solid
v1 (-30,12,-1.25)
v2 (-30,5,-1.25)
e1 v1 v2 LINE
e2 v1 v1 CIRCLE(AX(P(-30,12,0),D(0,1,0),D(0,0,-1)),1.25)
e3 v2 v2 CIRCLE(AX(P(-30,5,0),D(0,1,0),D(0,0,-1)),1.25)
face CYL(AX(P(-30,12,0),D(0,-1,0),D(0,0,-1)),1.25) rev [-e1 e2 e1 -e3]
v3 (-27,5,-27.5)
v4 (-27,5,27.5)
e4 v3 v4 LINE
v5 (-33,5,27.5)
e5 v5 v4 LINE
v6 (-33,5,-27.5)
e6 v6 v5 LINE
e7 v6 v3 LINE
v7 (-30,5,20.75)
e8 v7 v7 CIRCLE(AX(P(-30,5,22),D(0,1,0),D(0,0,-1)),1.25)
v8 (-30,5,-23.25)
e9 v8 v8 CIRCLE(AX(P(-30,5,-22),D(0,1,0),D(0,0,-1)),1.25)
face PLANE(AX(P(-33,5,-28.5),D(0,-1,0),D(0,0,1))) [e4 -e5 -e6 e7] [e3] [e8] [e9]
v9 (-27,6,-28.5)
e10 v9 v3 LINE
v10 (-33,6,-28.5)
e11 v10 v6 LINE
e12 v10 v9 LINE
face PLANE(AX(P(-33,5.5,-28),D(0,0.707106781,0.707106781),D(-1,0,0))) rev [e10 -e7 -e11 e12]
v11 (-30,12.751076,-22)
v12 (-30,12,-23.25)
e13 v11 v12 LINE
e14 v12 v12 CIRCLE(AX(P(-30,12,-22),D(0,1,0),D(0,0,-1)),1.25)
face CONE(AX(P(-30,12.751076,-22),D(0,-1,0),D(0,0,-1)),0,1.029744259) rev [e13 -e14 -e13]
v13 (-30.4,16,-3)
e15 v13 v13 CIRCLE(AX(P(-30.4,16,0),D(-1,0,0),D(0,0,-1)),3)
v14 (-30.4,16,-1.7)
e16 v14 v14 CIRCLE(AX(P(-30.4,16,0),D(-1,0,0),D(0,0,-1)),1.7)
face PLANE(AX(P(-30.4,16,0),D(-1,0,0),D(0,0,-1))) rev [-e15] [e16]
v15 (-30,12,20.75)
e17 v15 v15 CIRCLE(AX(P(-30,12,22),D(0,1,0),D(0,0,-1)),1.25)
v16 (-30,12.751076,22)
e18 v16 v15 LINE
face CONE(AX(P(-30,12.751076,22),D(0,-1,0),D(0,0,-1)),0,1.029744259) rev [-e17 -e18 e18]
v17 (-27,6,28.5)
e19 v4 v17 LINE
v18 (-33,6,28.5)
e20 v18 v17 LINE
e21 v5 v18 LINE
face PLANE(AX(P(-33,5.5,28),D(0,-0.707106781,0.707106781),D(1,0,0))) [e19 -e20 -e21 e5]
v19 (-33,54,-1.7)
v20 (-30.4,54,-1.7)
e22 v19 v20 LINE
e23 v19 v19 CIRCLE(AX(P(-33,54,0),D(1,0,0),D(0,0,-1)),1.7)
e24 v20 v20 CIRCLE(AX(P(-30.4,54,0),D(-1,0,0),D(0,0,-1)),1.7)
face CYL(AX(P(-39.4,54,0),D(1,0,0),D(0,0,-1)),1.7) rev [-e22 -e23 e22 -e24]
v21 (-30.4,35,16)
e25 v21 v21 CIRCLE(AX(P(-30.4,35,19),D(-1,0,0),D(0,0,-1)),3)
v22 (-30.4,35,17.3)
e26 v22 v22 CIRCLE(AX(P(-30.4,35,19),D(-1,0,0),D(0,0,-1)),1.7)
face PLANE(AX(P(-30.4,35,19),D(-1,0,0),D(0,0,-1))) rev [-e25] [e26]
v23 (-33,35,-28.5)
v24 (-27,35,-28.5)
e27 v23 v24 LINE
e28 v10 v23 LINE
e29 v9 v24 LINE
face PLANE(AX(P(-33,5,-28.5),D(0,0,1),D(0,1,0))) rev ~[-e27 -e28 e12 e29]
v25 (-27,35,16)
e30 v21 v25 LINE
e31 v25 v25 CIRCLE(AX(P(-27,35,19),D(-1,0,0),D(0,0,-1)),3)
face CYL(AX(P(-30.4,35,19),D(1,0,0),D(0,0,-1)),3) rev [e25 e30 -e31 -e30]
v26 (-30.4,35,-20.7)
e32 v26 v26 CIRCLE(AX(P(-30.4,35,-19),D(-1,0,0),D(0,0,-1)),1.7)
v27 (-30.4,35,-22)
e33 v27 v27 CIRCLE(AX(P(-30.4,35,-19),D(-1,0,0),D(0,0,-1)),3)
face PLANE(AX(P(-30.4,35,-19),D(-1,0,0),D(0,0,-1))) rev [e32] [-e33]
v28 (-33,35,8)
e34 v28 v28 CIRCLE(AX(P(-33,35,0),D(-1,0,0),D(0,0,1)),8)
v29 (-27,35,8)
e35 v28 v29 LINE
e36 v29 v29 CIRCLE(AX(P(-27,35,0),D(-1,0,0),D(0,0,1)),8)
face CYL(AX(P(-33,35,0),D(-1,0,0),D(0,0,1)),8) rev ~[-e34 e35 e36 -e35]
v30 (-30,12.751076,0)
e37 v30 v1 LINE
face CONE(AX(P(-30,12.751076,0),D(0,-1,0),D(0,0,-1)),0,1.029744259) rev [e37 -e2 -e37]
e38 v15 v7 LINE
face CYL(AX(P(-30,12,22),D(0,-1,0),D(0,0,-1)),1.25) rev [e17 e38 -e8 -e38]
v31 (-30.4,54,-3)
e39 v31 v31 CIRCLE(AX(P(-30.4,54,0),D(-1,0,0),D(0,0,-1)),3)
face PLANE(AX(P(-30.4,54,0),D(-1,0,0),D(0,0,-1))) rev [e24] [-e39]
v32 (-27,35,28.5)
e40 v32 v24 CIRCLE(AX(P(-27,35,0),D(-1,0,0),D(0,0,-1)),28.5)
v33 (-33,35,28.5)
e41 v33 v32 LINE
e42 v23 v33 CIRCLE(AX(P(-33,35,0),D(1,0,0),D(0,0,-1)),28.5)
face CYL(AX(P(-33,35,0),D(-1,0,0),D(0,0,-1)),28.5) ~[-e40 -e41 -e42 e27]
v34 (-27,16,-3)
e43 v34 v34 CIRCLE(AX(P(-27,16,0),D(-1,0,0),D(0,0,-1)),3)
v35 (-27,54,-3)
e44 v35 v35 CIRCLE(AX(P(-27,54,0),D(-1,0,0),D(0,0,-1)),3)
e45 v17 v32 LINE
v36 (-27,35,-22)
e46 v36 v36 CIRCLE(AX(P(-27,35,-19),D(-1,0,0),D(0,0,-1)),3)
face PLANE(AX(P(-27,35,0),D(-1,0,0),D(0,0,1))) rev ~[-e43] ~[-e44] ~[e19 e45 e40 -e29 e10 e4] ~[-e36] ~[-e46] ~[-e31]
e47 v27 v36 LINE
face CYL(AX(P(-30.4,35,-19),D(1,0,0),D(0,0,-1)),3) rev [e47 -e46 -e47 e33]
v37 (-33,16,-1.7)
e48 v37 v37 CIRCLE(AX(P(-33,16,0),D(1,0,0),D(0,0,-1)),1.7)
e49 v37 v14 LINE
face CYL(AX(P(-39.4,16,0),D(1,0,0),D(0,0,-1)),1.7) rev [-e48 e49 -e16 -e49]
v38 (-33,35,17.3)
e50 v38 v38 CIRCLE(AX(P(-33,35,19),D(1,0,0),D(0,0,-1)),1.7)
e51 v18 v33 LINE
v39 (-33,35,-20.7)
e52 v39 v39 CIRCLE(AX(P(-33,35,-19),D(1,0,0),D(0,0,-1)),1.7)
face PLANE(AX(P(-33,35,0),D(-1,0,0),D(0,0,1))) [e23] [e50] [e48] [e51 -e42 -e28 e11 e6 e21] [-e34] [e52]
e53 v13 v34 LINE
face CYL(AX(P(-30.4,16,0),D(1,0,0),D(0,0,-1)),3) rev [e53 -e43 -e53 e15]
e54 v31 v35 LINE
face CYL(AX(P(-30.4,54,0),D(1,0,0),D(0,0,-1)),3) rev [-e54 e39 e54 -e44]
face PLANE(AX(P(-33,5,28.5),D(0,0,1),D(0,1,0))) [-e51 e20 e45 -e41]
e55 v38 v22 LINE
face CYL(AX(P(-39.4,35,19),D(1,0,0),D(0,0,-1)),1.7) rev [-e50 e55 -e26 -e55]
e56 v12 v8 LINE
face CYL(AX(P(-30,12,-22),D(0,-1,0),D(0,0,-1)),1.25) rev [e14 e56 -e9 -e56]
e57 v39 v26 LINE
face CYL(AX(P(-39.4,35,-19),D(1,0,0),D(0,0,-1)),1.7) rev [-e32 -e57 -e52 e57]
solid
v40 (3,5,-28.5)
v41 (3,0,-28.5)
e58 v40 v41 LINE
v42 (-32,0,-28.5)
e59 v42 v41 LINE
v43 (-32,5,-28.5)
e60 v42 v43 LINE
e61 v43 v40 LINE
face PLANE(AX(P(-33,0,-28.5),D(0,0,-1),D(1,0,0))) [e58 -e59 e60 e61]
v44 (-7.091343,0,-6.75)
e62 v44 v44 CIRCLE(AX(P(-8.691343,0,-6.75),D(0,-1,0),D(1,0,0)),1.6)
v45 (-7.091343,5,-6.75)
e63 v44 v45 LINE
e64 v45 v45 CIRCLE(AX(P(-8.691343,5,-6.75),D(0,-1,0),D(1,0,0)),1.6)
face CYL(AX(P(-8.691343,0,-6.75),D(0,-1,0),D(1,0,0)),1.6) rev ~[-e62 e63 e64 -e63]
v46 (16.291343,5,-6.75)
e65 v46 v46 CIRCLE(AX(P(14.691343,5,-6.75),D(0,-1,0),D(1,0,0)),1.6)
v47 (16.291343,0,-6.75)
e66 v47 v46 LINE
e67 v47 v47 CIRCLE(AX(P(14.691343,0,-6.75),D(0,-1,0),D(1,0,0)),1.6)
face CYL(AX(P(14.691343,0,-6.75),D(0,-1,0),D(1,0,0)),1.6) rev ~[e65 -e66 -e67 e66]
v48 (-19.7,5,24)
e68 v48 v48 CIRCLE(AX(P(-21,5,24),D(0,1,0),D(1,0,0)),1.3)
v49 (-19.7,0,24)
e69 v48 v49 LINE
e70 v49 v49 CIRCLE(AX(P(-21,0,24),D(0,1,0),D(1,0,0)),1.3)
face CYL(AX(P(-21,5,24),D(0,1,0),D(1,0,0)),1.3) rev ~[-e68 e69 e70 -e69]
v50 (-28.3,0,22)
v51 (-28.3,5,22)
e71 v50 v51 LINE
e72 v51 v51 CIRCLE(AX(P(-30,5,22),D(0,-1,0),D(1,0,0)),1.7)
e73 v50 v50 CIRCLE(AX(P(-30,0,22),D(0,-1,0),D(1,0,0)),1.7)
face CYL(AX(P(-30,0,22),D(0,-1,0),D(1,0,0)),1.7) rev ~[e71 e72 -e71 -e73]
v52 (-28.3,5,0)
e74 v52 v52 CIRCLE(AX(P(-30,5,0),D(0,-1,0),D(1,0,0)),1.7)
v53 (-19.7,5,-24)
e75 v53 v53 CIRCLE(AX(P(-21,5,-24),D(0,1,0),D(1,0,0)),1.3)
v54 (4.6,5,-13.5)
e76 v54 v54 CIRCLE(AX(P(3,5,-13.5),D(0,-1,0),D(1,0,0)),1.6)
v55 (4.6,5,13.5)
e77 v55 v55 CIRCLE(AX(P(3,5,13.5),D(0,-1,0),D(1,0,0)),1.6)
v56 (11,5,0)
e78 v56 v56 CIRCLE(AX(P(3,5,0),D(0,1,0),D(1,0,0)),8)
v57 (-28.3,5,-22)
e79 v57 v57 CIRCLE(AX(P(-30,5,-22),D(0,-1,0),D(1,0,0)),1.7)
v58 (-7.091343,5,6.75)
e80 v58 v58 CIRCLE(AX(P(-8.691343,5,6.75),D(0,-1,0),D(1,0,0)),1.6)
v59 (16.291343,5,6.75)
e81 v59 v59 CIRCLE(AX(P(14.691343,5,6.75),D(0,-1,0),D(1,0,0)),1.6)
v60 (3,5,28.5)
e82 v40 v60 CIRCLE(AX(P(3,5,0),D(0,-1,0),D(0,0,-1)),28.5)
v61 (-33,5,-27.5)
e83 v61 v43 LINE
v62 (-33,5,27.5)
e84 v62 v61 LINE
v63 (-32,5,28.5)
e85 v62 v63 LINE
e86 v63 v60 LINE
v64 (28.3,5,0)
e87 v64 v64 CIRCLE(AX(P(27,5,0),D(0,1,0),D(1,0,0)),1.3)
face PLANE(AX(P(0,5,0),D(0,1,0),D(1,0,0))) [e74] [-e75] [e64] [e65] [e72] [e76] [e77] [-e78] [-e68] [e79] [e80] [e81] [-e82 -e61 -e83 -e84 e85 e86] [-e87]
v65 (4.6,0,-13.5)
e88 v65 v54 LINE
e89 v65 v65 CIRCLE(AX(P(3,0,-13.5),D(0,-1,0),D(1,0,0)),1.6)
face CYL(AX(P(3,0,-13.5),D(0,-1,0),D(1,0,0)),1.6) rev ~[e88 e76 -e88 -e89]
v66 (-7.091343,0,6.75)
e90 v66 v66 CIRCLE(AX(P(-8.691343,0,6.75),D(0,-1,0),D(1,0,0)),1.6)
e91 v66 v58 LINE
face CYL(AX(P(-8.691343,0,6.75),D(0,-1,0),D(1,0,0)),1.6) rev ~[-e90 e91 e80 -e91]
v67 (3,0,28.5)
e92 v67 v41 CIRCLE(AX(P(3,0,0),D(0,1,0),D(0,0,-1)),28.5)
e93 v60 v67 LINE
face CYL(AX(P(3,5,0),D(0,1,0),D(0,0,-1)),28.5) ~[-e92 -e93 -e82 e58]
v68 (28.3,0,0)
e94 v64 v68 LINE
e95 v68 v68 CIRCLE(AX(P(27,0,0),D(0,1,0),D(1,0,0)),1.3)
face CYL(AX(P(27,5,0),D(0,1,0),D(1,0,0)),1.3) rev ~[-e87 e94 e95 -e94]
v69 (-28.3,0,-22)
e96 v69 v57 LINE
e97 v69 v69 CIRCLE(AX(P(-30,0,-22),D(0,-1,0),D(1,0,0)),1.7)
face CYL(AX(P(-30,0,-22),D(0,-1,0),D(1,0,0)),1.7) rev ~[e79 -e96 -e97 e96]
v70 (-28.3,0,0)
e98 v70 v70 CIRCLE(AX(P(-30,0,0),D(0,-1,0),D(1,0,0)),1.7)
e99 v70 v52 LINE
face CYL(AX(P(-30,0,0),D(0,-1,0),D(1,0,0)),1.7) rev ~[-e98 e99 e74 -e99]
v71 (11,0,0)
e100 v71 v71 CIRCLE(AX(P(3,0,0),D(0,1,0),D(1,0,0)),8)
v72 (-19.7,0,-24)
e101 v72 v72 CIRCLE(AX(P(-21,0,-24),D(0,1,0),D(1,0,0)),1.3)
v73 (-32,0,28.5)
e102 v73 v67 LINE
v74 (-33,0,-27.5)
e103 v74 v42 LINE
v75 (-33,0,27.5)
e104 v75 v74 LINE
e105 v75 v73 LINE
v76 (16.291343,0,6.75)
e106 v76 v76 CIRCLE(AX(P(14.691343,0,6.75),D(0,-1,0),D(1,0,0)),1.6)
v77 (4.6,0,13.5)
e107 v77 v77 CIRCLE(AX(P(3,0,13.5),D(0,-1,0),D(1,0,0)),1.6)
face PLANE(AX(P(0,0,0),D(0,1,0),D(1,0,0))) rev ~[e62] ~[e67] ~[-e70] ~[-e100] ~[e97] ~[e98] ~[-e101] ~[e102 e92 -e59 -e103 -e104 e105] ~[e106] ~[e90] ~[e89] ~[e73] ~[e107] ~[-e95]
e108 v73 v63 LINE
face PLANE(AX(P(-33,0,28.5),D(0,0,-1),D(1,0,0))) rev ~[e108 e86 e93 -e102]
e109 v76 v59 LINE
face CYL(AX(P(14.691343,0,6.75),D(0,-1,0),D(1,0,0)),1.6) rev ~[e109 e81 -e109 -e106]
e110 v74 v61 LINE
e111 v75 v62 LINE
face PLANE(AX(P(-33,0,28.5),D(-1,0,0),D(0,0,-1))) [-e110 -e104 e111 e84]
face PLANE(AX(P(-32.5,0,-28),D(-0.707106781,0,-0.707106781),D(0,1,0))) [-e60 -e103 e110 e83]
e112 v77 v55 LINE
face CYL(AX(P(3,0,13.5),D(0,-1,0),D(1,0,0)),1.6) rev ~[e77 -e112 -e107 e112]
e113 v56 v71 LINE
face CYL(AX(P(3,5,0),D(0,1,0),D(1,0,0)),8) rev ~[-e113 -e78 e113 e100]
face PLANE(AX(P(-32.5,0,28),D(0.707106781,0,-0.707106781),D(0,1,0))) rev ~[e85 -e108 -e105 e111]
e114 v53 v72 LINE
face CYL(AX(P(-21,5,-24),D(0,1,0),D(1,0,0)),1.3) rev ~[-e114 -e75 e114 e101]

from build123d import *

# Parameters (mm, degrees)
SKETCH_1_W                    = 66
SKETCH_1_H                    = 57
EXTRUDE_1_DEPTH               = 5
SKETCH_12_W                   = 57
SKETCH_12_H                   = 60
EXTRUDE_2_DEPTH               = 6
SKETCH_13_R                   = 8
CUT_EXTRUDE_2_DEPTH           = 6
SKETCH_14_R                   = 8
CUT_EXTRUDE_3_DEPTH           = 6
CUT_EXTRUDE_4_DEPTH           = 10
SKETCH_16_R                   = 1.6
CUT_EXTRUDE_5_DEPTH           = 10
SKETCH_18_R                   = 1.7
CUT_EXTRUDE_6_DEPTH           = 5
CHAMFER_1_SIZE                = 1
SKETCH_22_R                   = 1.6
CUT_EXTRUDE_7_DEPTH           = 59.5
CUT_EXTRUDE_7_DEPTH_BACK      = 6
HOLE_WIZARD_M3_1_AT_2_COUNT   = 2
HOLE_WIZARD_M3_1_AT_2_PITCH   = 26.870057685
HOLE_WIZARD_M3_1_AT_3_COUNT   = 2
HOLE_WIZARD_M3_1_AT_3_PITCH   = 38
HOLE_WIZARD_M3_1_AT_4_COUNT   = 2
HOLE_WIZARD_M3_1_AT_4_PITCH   = 26.870057685
HOLE_WIZARD_M3_1_2_AT_2_COUNT = 2
HOLE_WIZARD_M3_1_2_AT_2_PITCH = 22
HOLE_WIZARD_M3_1_2_AT_3_COUNT = 2
HOLE_WIZARD_M3_1_2_AT_3_PITCH = 44
SKETCH_26_R                   = 1.3
CUT_EXTRUDE_8_DEPTH           = 6
CHAMFER_2_SIZE                = 1


with BuildPart() as part:
    # 草图1 → 凸台-拉伸1 (new body)
    with BuildSketch(Plane(origin=(0, 0, 0), x_dir=(1, 0, 0), z_dir=(0, 1, 0))):
        Rectangle(SKETCH_1_W, SKETCH_1_H)
    extrude(amount=EXTRUDE_1_DEPTH)

    # 草图13 → 切除-拉伸2 (cut)
    with BuildSketch(Plane(origin=(0, 5, 0), x_dir=(1, 0, 0), z_dir=(0, 1, 0))):
        with Locations((3, 0)):
            Circle(SKETCH_13_R)
        with BuildLine():
            Line((3, -28.5), (33, -28.5))
            Line((33, -28.5), (33, 28.5))
            Line((33, 28.5), (3, 28.5))
            ThreePointArc((3, 28.5), (31.5, 0), (3, -28.5))
        make_face()
    extrude(amount=-CUT_EXTRUDE_2_DEPTH, mode=Mode.SUBTRACT)

    # 草图16 → 切除-拉伸5 (cut)
    with BuildSketch(Plane.XZ):
        with Locations((3, 13.5)):
            Circle(SKETCH_16_R)
        with Locations((14.691342951, 6.75)):
            Circle(SKETCH_16_R)
        with Locations((14.691342951, -6.75)):
            Circle(SKETCH_16_R)
        with Locations((3, -13.5)):
            Circle(SKETCH_16_R)
        with Locations((-8.691342951, -6.75)):
            Circle(SKETCH_16_R)
        with Locations((-8.691342951, 6.75)):
            Circle(SKETCH_16_R)
    extrude(amount=-CUT_EXTRUDE_5_DEPTH, mode=Mode.SUBTRACT)

    # 草图18 → 切除-拉伸6 (cut)
    with BuildSketch(Plane.XZ):
        with Locations((-30, -22)):
            Circle(SKETCH_18_R)
        with Locations((-30, 22)):
            Circle(SKETCH_18_R)
        with Locations((-30, 0)):
            Circle(SKETCH_18_R)
    extrude(amount=-CUT_EXTRUDE_6_DEPTH, mode=Mode.SUBTRACT)

    # 倒角1
    chamfer_1_edges = [part.edges().sort_by_distance(p)[0] for p in [
        (-33, 2.5, 28.5),
        (-33, 2.5, -28.5),
    ]]
    chamfer(chamfer_1_edges, length=CHAMFER_1_SIZE)

    # 草图26 → 切除-拉伸8 (cut, through all)
    with BuildSketch(Plane(origin=(0, 5, 0), x_dir=(1, 0, 0), z_dir=(0, 1, 0))):
        with Locations((-21, 24)):
            Circle(SKETCH_26_R)
        with Locations((-21, -24)):
            Circle(SKETCH_26_R)
        with Locations((27, 0)):
            Circle(SKETCH_26_R)
    extrude(amount=-CUT_EXTRUDE_8_DEPTH, mode=Mode.SUBTRACT)


with BuildPart() as body_2:
    # 草图12 → 凸台-拉伸2 (new body)
    with BuildSketch(Plane.ZY.offset(33)):
        with Locations((0, 35)):
            Rectangle(SKETCH_12_W, SKETCH_12_H)
    extrude(amount=-EXTRUDE_2_DEPTH)

    # 草图14 → 切除-拉伸3 (cut)
    with BuildSketch(Plane.ZY.offset(33)):
        with Locations((0, 35)):
            Circle(SKETCH_14_R)
    extrude(amount=-CUT_EXTRUDE_3_DEPTH, mode=Mode.SUBTRACT)

    # 草图15 → 切除-拉伸4 (cut)
    with BuildSketch(Plane.ZY.offset(33)):
        with BuildLine():
            Line((28.5, 35), (28.5, 65))
            Line((28.5, 65), (-28.5, 65))
            Line((-28.5, 65), (-28.5, 35))
            ThreePointArc((-28.5, 35), (0, 63.5), (28.5, 35))
        make_face()
    extrude(amount=-CUT_EXTRUDE_4_DEPTH, mode=Mode.SUBTRACT)

    # 草图22 → 切除-拉伸7 (cut, two sides)
    with BuildSketch(Plane(origin=(-27, 0, 0), x_dir=(0, 0, -1), z_dir=(1, 0, 0))) as cut_extrude_7_sk:
        with Locations((0, 54)):
            Circle(SKETCH_22_R)
        with Locations((-19, 35)):
            Circle(SKETCH_22_R)
        with Locations((19, 35)):
            Circle(SKETCH_22_R)
        with Locations((0, 16)):
            Circle(SKETCH_22_R)
    extrude(amount=CUT_EXTRUDE_7_DEPTH, mode=Mode.SUBTRACT)
    extrude(cut_extrude_7_sk.sketch, amount=-CUT_EXTRUDE_7_DEPTH_BACK, mode=Mode.SUBTRACT)

    # 草图23 → Hole Wizard M3 _1 (revolve, cut)
    with BuildSketch(Plane(origin=(-27, 35, -19), x_dir=(0, 0, -1), z_dir=(0, 1, 0))):
        Polygon((0, 0), (0, 13.421463052), (1.7, 12.4), (1.7, 3.4), (3, 3.4), (3, 0), align=None)
    hole_wizard_m3_1 = revolve(axis=Axis((-20.65, 35, -19), (-1, 0, 0)), mode=Mode.SUBTRACT)

    # Hole Wizard M3 _1 at 2: Hole Wizard M3 _1 ×2
    with Locations(*[Vector(0, 0.707106781, 0.707106781) * (i * HOLE_WIZARD_M3_1_AT_2_PITCH) for i in range(1, HOLE_WIZARD_M3_1_AT_2_COUNT)]):
        add(hole_wizard_m3_1, mode=Mode.SUBTRACT)

    # Hole Wizard M3 _1 at 3: Hole Wizard M3 _1 ×2
    with Locations(*[(0, 0, i * HOLE_WIZARD_M3_1_AT_3_PITCH) for i in range(1, HOLE_WIZARD_M3_1_AT_3_COUNT)]):
        add(hole_wizard_m3_1, mode=Mode.SUBTRACT)

    # Hole Wizard M3 _1 at 4: Hole Wizard M3 _1 ×2
    with Locations(*[Vector(0, -0.707106781, 0.707106781) * (i * HOLE_WIZARD_M3_1_AT_4_PITCH) for i in range(1, HOLE_WIZARD_M3_1_AT_4_COUNT)]):
        add(hole_wizard_m3_1, mode=Mode.SUBTRACT)

    # 草图25 → Hole Wizard M3 _1 2 (revolve, cut)
    with BuildSketch(Plane(origin=(-30, 5, -22), x_dir=(0, 0, -1), z_dir=(1, 0, 0))):
        Polygon((0, 0), (0, 7.751075774), (1.25, 7), (1.25, 0), align=None)
    hole_wizard_m3_1_2 = revolve(axis=Axis((-30, -1.35, -22), (0, 1, 0)), mode=Mode.SUBTRACT)

    # Hole Wizard M3 _1 2 at 2: Hole Wizard M3 _1 2 ×2
    with Locations(*[(0, 0, i * HOLE_WIZARD_M3_1_2_AT_2_PITCH) for i in range(1, HOLE_WIZARD_M3_1_2_AT_2_COUNT)]):
        add(hole_wizard_m3_1_2, mode=Mode.SUBTRACT)

    # Hole Wizard M3 _1 2 at 3: Hole Wizard M3 _1 2 ×2
    with Locations(*[(0, 0, i * HOLE_WIZARD_M3_1_2_AT_3_PITCH) for i in range(1, HOLE_WIZARD_M3_1_2_AT_3_COUNT)]):
        add(hole_wizard_m3_1_2, mode=Mode.SUBTRACT)

    # 倒角2
    chamfer_2_edges = [body_2.edges().sort_by_distance(p)[0] for p in [
        (-30, 5, 28.5),
        (-30, 5, -28.5),
    ]]
    chamfer(chamfer_2_edges, length=CHAMFER_2_SIZE)


solid = Compound([part.part, body_2.part])
